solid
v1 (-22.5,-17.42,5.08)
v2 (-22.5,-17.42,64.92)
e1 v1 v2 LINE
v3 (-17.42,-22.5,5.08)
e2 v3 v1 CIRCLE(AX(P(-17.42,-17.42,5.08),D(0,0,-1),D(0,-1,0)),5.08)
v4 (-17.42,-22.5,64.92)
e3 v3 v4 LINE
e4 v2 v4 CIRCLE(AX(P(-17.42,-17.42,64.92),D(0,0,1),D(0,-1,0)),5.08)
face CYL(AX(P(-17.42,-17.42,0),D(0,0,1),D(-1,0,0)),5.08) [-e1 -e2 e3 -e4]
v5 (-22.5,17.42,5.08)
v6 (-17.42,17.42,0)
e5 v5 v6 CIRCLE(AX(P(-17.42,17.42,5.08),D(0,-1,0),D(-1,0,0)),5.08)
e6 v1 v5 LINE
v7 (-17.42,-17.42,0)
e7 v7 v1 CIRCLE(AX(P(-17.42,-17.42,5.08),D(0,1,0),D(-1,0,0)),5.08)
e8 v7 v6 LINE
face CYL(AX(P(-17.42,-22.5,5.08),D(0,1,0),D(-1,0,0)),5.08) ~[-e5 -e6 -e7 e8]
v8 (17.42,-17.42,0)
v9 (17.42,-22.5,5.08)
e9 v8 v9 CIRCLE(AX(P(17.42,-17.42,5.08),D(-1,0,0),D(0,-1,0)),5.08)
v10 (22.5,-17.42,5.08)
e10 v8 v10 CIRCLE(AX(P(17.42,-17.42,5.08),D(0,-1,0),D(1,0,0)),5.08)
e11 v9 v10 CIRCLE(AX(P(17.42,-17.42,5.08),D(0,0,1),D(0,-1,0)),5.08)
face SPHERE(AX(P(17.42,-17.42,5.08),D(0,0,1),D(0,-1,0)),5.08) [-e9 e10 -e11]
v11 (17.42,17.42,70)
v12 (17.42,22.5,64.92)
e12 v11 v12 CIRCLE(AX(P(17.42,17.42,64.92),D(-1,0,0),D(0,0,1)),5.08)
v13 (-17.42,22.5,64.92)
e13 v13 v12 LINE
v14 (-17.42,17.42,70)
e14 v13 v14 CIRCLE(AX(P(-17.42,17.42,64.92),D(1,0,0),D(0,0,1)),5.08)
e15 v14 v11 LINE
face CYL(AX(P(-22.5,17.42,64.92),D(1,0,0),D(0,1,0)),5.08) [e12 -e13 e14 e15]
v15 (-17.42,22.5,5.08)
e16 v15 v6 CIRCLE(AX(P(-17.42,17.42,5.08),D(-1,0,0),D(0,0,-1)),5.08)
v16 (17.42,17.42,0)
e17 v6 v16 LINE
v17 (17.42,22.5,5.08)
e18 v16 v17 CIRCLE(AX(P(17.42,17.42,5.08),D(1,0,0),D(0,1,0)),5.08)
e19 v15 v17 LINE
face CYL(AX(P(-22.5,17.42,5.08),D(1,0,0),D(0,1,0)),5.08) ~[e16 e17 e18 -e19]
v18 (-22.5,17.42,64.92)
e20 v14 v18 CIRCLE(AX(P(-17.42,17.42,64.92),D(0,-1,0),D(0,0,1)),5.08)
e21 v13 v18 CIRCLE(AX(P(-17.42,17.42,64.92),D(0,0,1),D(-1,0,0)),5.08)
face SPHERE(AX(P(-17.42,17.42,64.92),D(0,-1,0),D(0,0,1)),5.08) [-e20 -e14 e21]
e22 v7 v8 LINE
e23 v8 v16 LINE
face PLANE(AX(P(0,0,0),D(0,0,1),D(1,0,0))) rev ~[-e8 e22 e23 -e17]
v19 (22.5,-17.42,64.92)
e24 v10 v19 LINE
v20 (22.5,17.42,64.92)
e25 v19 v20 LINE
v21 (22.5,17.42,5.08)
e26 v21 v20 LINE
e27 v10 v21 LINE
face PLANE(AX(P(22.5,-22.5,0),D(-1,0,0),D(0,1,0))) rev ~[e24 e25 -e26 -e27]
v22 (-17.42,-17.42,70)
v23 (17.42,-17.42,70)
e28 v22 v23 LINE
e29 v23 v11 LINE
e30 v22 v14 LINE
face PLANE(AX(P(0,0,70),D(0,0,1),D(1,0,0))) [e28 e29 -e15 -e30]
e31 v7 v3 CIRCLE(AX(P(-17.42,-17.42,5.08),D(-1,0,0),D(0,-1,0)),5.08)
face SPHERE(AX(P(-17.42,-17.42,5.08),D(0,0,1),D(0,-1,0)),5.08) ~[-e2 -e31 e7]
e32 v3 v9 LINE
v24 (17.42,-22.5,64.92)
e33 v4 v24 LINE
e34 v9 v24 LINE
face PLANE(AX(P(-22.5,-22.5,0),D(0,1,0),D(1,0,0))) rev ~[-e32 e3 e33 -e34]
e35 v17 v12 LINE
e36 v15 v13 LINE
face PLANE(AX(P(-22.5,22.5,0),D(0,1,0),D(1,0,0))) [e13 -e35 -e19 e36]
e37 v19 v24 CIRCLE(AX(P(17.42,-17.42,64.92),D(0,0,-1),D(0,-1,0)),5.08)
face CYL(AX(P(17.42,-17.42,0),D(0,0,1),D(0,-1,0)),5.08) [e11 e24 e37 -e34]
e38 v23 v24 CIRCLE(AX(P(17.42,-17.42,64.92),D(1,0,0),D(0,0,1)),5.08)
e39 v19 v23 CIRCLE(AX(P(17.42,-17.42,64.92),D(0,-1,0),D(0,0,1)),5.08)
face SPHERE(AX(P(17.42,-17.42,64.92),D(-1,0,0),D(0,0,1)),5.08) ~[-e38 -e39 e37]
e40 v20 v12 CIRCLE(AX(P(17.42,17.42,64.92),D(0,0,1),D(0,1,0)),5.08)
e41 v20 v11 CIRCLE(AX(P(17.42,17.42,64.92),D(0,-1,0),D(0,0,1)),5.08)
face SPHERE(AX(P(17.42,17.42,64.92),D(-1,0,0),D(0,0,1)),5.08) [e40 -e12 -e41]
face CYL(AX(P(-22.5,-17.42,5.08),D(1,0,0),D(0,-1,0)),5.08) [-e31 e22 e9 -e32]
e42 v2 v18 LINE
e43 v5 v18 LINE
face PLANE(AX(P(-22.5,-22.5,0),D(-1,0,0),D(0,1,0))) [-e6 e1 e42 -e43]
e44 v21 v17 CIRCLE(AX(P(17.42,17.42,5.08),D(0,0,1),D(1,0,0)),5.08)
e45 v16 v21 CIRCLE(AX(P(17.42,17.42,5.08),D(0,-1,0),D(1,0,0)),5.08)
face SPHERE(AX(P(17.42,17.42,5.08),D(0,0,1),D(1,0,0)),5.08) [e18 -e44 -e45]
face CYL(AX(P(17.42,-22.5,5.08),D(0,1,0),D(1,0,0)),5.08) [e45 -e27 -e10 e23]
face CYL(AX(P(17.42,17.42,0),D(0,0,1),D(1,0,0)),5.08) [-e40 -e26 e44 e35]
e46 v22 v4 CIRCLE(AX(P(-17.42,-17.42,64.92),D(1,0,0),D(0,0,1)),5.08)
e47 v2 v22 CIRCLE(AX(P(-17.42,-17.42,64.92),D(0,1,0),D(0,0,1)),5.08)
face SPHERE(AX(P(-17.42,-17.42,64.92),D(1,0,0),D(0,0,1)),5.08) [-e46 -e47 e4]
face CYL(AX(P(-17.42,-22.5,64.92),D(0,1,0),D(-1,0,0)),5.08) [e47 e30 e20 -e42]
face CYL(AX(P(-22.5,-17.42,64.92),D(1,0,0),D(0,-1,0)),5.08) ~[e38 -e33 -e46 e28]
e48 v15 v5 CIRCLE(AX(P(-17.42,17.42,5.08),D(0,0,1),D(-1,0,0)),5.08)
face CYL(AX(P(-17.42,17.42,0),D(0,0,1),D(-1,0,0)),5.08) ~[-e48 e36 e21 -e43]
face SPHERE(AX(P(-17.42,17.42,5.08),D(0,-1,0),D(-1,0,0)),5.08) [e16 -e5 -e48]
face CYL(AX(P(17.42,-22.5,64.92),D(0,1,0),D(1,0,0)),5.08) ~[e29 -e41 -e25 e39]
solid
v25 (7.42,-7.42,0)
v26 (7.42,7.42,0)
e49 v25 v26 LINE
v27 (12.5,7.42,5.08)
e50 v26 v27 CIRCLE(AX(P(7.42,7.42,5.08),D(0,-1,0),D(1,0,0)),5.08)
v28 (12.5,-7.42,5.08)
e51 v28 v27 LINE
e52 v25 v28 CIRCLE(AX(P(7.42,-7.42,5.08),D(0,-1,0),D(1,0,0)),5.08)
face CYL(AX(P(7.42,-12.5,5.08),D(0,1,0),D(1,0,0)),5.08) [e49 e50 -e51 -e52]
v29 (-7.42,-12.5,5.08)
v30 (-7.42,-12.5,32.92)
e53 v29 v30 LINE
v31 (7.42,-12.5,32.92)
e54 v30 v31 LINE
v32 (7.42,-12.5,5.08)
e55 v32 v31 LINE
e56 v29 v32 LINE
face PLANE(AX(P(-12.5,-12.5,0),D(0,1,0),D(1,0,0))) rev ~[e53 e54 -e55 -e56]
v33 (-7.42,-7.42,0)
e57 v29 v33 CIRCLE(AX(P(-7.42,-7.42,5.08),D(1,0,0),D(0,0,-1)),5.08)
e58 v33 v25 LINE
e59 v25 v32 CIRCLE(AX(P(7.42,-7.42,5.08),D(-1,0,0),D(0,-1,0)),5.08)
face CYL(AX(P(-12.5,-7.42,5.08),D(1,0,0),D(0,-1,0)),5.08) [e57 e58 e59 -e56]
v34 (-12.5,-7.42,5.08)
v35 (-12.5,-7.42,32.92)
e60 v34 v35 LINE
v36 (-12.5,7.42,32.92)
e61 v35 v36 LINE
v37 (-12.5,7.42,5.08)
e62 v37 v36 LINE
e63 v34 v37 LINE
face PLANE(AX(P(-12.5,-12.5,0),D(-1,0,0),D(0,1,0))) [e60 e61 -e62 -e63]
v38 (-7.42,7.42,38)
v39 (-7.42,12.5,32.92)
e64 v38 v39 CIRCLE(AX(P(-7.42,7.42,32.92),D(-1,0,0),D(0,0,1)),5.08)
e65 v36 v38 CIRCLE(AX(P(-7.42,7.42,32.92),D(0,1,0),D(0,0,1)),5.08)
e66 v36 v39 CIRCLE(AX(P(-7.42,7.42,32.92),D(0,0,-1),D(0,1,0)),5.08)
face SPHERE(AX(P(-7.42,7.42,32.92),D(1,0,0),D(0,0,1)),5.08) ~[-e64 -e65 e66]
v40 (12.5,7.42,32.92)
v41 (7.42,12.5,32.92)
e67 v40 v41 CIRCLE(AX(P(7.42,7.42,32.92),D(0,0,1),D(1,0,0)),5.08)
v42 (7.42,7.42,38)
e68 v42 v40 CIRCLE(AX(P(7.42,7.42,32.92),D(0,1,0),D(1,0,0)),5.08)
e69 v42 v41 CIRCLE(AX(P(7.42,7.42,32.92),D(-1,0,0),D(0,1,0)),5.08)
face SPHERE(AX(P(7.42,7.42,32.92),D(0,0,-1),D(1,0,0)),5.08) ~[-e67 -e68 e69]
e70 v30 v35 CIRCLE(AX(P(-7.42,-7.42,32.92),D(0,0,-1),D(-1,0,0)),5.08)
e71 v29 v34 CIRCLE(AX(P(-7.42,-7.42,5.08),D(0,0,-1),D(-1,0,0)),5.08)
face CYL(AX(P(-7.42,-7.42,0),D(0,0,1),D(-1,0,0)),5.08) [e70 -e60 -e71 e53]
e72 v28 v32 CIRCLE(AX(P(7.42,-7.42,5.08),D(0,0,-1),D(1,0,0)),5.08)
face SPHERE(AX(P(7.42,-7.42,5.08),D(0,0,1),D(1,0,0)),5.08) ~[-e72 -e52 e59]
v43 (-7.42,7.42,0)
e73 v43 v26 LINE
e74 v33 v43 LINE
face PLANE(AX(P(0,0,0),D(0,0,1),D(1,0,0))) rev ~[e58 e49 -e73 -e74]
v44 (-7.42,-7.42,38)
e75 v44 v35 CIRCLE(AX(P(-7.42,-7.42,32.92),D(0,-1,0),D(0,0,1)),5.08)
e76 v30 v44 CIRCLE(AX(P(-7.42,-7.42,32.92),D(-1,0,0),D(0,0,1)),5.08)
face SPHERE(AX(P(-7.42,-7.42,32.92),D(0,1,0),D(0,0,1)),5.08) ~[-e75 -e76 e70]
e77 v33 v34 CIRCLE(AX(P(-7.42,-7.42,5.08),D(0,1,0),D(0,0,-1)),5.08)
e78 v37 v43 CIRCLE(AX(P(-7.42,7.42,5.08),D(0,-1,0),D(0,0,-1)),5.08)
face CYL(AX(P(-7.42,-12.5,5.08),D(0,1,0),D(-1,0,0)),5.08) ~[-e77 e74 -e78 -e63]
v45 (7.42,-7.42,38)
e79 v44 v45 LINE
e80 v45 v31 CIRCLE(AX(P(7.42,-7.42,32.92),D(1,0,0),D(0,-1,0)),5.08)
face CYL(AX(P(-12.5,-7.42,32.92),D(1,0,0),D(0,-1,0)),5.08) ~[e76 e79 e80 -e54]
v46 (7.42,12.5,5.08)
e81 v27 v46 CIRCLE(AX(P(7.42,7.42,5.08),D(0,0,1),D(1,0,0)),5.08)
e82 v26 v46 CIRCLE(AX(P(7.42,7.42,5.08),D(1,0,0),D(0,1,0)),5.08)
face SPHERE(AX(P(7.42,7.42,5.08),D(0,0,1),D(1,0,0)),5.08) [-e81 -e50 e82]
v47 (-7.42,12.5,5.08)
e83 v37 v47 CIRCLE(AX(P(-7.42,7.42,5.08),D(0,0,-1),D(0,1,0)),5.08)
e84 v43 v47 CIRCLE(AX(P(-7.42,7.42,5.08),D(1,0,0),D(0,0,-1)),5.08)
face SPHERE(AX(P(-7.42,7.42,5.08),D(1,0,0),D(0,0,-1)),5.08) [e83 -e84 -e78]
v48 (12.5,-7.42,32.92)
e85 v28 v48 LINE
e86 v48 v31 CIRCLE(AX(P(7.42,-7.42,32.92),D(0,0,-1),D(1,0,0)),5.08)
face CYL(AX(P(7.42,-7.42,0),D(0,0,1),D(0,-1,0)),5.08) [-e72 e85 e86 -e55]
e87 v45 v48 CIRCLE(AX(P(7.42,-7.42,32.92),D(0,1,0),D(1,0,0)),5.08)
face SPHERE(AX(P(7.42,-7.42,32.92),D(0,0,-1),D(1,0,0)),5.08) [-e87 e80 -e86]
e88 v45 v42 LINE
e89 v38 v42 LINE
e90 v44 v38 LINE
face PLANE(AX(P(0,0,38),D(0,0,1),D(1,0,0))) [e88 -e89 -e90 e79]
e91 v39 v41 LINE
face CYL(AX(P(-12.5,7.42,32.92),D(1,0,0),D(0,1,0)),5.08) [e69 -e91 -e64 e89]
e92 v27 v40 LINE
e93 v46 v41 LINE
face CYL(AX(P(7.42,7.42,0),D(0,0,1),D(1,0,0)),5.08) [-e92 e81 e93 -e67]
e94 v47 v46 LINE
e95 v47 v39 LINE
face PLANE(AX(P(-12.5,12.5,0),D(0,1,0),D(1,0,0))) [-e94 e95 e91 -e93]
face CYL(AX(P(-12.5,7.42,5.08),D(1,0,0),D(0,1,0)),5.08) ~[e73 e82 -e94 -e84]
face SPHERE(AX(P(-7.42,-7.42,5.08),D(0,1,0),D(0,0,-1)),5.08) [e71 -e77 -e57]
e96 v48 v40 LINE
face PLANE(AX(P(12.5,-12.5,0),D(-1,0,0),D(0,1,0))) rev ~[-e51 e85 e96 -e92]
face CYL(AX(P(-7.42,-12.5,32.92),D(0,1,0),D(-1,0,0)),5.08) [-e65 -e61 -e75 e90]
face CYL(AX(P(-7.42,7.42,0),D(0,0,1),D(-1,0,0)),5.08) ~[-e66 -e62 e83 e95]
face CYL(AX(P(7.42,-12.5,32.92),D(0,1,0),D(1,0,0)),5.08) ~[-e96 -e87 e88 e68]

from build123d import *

# Parameters (mm, degrees)
F0_W     = 45
F0_H     = 45
F1_DEPTH = 70
F2_R     = 5.08
F3_W     = 25
F3_H     = 25
F4_DEPTH = 38
F5_R     = 5.08


with BuildPart() as f1:
    # F0 (on Top) → F1 (new body)
    with BuildSketch(Plane.XY):
        Rectangle(F0_W, F0_H)
    extrude(amount=F1_DEPTH)

    # F2
    f2_edges = [f1.edges().sort_by_distance(p)[0] for p in [
        (0, -22.5, 70),
        (-22.5, 0, 70),
        (0, 22.5, 70),
        (22.5, 0, 70),
        (22.5, -22.5, 35),
        (22.5, 22.5, 35),
        (-22.5, -22.5, 35),
        (0, -22.5, 0),
        (22.5, 0, 0),
        (-22.5, 0, 0),
        (-22.5, 22.5, 35),
        (0, 22.5, 0),
    ]]
    fillet(f2_edges, radius=F2_R)


with BuildPart() as f4:
    # F3 (on Top) → F4 (new body)
    with BuildSketch(Plane.XY):
        Rectangle(F3_W, F3_H)
    extrude(amount=F4_DEPTH)

    # F5
    f5_edges = [f4.edges().sort_by_distance(p)[0] for p in [
        (12.5, -12.5, 19),
        (12.5, 12.5, 19),
        (12.5, 0, 0),
        (12.5, 0, 38),
        (0, 12.5, 0),
        (0, 12.5, 38),
        (-12.5, 0, 38),
        (0, -12.5, 38),
        (-12.5, 0, 0),
        (0, -12.5, 0),
        (-12.5, 12.5, 19),
        (-12.5, -12.5, 19),
    ]]
    fillet(f5_edges, radius=F5_R)


solid = Compound([f1.part, f4.part])
